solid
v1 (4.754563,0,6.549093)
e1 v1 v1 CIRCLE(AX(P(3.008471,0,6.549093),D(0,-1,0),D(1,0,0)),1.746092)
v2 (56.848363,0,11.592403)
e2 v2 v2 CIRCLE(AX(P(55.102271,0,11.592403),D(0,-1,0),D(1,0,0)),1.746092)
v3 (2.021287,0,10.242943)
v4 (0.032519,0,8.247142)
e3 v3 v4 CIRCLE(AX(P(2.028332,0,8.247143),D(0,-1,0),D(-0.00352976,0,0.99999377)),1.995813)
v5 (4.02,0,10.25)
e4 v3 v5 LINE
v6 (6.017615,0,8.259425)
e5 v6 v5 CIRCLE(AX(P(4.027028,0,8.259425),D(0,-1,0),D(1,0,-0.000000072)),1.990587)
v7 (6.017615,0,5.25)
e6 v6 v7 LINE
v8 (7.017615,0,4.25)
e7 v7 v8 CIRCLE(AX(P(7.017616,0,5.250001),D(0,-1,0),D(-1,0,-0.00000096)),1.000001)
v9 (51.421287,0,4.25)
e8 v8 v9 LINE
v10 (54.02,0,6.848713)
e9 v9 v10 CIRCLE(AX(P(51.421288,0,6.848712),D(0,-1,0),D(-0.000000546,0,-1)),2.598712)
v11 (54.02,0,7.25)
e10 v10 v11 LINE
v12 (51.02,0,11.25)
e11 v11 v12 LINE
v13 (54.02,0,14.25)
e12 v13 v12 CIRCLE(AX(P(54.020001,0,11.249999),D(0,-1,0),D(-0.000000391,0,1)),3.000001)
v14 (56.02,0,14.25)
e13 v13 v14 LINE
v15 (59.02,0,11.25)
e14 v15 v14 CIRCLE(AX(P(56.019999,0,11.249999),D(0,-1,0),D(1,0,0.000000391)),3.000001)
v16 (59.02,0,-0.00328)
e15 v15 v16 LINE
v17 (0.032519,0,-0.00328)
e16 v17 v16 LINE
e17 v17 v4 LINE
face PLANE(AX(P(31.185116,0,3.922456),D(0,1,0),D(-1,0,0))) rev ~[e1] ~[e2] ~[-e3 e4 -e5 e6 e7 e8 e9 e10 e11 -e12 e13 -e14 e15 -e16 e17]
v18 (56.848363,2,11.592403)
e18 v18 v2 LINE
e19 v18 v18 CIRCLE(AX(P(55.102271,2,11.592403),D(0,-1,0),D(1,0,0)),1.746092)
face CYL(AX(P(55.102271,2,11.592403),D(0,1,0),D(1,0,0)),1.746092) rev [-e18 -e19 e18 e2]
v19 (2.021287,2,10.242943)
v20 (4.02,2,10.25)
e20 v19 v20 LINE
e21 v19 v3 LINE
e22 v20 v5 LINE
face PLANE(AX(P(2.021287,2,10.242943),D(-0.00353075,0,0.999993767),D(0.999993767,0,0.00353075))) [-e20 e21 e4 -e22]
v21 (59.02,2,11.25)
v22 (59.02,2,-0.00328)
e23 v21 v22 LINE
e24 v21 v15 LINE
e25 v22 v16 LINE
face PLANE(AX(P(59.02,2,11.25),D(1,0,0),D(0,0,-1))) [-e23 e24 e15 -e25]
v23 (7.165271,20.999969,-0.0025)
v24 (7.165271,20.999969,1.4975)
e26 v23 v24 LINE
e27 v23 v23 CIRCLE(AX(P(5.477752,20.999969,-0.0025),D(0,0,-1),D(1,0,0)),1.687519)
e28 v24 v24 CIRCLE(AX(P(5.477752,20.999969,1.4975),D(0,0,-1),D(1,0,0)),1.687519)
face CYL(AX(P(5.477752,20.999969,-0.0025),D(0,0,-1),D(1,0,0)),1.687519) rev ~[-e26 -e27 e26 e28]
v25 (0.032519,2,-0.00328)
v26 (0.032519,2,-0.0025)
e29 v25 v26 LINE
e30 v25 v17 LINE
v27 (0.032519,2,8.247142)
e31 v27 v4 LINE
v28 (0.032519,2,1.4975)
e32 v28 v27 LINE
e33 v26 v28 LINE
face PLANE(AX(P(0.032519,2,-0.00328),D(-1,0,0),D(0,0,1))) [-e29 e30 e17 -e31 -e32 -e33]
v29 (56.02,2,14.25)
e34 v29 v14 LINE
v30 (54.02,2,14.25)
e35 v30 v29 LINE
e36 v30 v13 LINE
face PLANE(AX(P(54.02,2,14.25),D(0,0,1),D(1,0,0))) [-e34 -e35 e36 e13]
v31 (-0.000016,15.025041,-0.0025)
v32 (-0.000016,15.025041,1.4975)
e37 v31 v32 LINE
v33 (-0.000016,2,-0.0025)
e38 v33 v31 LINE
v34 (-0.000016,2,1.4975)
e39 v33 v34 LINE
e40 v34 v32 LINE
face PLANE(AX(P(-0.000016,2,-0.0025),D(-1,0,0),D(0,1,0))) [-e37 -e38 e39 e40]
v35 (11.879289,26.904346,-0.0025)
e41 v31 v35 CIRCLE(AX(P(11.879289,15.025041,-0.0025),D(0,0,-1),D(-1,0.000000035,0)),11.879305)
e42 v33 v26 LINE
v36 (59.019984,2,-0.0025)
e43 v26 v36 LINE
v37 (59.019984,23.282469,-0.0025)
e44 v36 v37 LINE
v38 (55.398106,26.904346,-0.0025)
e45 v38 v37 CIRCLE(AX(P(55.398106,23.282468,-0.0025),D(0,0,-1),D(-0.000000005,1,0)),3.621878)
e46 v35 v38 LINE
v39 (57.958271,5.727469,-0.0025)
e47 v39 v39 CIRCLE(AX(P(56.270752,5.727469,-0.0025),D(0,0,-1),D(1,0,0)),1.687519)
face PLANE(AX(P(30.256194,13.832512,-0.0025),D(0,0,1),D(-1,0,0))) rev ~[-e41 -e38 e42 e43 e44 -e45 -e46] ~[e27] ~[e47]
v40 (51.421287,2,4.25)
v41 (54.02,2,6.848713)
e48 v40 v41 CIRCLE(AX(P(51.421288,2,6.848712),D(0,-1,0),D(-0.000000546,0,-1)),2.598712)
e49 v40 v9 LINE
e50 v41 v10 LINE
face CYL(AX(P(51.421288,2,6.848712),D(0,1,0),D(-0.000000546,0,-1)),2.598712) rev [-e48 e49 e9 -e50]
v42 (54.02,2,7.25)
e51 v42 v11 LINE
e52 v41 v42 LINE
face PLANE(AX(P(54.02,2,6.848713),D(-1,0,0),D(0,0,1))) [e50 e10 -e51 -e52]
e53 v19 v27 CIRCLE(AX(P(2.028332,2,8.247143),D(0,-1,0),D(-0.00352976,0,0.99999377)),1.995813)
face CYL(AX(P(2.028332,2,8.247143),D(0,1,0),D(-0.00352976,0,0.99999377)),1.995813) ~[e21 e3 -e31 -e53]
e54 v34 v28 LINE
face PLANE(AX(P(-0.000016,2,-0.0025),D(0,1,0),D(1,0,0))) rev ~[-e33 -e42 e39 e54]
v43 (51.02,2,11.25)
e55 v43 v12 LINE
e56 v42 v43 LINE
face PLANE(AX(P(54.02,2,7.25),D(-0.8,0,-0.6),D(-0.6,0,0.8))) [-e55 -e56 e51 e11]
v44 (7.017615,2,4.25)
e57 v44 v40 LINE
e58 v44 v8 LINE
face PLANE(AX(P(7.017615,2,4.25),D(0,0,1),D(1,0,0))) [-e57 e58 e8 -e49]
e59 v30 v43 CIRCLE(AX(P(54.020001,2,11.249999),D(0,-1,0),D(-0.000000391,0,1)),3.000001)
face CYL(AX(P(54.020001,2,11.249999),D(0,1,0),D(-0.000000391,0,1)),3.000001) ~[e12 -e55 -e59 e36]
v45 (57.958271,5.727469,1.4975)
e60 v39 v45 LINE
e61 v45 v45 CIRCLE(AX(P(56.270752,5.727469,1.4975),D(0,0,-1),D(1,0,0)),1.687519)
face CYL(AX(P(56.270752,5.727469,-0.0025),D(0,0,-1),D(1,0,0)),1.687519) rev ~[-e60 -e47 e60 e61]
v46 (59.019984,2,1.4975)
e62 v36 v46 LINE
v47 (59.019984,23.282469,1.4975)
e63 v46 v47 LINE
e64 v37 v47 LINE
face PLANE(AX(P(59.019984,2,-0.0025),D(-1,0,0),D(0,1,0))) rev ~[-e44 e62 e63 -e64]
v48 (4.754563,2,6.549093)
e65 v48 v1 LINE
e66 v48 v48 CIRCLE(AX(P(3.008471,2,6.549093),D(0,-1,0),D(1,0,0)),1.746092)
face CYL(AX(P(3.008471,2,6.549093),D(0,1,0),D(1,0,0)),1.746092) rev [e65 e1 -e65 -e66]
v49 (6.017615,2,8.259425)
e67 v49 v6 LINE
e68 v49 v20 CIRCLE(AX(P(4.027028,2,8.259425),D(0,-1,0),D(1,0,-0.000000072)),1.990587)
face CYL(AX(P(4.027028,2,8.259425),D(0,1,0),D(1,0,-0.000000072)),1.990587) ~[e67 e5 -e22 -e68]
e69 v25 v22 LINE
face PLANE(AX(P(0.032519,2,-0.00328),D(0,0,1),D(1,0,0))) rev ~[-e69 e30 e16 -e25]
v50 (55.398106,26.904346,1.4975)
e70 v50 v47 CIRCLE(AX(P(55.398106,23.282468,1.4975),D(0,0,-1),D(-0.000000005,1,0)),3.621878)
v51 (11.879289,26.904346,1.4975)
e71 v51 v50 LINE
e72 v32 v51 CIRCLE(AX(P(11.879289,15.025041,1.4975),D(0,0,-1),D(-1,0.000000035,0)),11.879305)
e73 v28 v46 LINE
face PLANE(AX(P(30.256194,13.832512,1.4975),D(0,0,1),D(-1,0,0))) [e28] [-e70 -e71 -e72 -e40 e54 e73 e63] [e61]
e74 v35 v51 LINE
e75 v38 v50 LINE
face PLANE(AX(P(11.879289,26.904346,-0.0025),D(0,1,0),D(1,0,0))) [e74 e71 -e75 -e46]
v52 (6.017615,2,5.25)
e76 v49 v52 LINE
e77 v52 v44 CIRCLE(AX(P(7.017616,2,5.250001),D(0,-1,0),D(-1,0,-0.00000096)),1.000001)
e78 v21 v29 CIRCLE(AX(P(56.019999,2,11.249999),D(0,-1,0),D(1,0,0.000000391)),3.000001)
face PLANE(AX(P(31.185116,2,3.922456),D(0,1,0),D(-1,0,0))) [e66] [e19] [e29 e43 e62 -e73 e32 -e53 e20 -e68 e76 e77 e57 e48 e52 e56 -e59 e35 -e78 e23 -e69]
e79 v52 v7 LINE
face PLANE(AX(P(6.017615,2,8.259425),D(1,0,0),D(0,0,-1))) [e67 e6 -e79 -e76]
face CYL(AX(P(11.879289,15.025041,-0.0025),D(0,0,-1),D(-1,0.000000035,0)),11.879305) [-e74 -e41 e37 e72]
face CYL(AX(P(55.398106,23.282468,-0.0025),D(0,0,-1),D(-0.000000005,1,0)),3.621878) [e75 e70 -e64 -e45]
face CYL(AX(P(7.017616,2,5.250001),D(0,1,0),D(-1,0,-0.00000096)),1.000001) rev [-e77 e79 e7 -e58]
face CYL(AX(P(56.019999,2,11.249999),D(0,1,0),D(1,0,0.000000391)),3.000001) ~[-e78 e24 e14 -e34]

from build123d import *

# Parameters (mm, degrees)
SKETCH001_R       = 1.687519
PAD001_DEPTH      = 1.5
SKETCH_R          = 1.746092
PAD_DEPTH         = 2
FUSION_ROLL_ANGLE = 90


with BuildPart() as base_and_horizontal_holder:
    # Sketch001 → Pad001 (new body)
    with BuildSketch(Plane.XZ.offset(1.2525)):
        with BuildLine():
            Line((10.979984, 0), (69.999984, 0))
            Line((69.999984, 0), (69.999984, -21.282469))
            ThreePointArc((66.378106, -24.904346), (68.93916, -23.843523), (69.999984, -21.282469))
            Line((22.859289, -24.904346), (66.378106, -24.904346))
            ThreePointArc((10.979984, -13.025041), (14.459352, -21.424978), (22.859289, -24.904346))
            Line((10.979984, 0), (10.979984, -13.025041))
        make_face()
        with Locations((67.250752, -3.727469)):
            Circle(SKETCH001_R, mode=Mode.SUBTRACT)
        with Locations((16.457752, -18.999969)):
            Circle(SKETCH001_R, mode=Mode.SUBTRACT)
    extrude(amount=-PAD001_DEPTH)


with BuildPart() as icezum_vertical_horizontal_stand_holder:
    # Sketch → Pad (new body)
    with BuildSketch(Plane.XY):
        with BuildLine():
            Line((11.012519, -1.25328), (11.012519, 6.997142))
            ThreePointArc((13.001287, 8.992943), (11.59459, 8.405902), (11.012519, 6.997142))
            Line((13.001287, 8.992943), (15, 9))
            ThreePointArc((16.997615, 7.009425), (16.412099, 8.419465), (15, 9))
            Line((16.997615, 7.009425), (16.997615, 4))
            ThreePointArc((16.997615, 4), (17.290509, 3.292893), (17.997615, 3))
            Line((17.997615, 3), (62, 3))
            Line((62, 3), (62.401287, 3))
            ThreePointArc((62.401287, 3), (64.238855, 3.761145), (65, 5.598713))
            Line((65, 5.598713), (65, 6))
            Line((65, 6), (62, 10))
            ThreePointArc((65, 13), (62.87868, 12.12132), (62, 10))
            Line((65, 13), (67, 13))
            ThreePointArc((70, 10), (69.12132, 12.12132), (67, 13))
            Line((70, 10), (70, -1.25328))
            Line((11.012519, -1.25328), (70, -1.25328))
        make_face()
        with Locations((13.988471, 5.299093)):
            Circle(SKETCH_R, mode=Mode.SUBTRACT)
        with Locations((66.082271, 10.342403)):
            Circle(SKETCH_R, mode=Mode.SUBTRACT)
    extrude(amount=PAD_DEPTH)

    # Fusion: union base_and_horizontal_holder
    add(base_and_horizontal_holder.part)


with BuildPart() as icezum_vertical_horizontal_stand_holder_1:
    # Fusion roll: moved
    add(icezum_vertical_horizontal_stand_holder.part.rotate(Axis((0, 0, 0), (1, 0, 0)), FUSION_ROLL_ANGLE))


with BuildPart() as icezum_vertical_horizontal_stand_holder_2:
    # Fusion placement: moved
    add(icezum_vertical_horizontal_stand_holder_1.part.moved(Location((-10.98, 2, 1.25))))


solid = icezum_vertical_horizontal_stand_holder_2.part
